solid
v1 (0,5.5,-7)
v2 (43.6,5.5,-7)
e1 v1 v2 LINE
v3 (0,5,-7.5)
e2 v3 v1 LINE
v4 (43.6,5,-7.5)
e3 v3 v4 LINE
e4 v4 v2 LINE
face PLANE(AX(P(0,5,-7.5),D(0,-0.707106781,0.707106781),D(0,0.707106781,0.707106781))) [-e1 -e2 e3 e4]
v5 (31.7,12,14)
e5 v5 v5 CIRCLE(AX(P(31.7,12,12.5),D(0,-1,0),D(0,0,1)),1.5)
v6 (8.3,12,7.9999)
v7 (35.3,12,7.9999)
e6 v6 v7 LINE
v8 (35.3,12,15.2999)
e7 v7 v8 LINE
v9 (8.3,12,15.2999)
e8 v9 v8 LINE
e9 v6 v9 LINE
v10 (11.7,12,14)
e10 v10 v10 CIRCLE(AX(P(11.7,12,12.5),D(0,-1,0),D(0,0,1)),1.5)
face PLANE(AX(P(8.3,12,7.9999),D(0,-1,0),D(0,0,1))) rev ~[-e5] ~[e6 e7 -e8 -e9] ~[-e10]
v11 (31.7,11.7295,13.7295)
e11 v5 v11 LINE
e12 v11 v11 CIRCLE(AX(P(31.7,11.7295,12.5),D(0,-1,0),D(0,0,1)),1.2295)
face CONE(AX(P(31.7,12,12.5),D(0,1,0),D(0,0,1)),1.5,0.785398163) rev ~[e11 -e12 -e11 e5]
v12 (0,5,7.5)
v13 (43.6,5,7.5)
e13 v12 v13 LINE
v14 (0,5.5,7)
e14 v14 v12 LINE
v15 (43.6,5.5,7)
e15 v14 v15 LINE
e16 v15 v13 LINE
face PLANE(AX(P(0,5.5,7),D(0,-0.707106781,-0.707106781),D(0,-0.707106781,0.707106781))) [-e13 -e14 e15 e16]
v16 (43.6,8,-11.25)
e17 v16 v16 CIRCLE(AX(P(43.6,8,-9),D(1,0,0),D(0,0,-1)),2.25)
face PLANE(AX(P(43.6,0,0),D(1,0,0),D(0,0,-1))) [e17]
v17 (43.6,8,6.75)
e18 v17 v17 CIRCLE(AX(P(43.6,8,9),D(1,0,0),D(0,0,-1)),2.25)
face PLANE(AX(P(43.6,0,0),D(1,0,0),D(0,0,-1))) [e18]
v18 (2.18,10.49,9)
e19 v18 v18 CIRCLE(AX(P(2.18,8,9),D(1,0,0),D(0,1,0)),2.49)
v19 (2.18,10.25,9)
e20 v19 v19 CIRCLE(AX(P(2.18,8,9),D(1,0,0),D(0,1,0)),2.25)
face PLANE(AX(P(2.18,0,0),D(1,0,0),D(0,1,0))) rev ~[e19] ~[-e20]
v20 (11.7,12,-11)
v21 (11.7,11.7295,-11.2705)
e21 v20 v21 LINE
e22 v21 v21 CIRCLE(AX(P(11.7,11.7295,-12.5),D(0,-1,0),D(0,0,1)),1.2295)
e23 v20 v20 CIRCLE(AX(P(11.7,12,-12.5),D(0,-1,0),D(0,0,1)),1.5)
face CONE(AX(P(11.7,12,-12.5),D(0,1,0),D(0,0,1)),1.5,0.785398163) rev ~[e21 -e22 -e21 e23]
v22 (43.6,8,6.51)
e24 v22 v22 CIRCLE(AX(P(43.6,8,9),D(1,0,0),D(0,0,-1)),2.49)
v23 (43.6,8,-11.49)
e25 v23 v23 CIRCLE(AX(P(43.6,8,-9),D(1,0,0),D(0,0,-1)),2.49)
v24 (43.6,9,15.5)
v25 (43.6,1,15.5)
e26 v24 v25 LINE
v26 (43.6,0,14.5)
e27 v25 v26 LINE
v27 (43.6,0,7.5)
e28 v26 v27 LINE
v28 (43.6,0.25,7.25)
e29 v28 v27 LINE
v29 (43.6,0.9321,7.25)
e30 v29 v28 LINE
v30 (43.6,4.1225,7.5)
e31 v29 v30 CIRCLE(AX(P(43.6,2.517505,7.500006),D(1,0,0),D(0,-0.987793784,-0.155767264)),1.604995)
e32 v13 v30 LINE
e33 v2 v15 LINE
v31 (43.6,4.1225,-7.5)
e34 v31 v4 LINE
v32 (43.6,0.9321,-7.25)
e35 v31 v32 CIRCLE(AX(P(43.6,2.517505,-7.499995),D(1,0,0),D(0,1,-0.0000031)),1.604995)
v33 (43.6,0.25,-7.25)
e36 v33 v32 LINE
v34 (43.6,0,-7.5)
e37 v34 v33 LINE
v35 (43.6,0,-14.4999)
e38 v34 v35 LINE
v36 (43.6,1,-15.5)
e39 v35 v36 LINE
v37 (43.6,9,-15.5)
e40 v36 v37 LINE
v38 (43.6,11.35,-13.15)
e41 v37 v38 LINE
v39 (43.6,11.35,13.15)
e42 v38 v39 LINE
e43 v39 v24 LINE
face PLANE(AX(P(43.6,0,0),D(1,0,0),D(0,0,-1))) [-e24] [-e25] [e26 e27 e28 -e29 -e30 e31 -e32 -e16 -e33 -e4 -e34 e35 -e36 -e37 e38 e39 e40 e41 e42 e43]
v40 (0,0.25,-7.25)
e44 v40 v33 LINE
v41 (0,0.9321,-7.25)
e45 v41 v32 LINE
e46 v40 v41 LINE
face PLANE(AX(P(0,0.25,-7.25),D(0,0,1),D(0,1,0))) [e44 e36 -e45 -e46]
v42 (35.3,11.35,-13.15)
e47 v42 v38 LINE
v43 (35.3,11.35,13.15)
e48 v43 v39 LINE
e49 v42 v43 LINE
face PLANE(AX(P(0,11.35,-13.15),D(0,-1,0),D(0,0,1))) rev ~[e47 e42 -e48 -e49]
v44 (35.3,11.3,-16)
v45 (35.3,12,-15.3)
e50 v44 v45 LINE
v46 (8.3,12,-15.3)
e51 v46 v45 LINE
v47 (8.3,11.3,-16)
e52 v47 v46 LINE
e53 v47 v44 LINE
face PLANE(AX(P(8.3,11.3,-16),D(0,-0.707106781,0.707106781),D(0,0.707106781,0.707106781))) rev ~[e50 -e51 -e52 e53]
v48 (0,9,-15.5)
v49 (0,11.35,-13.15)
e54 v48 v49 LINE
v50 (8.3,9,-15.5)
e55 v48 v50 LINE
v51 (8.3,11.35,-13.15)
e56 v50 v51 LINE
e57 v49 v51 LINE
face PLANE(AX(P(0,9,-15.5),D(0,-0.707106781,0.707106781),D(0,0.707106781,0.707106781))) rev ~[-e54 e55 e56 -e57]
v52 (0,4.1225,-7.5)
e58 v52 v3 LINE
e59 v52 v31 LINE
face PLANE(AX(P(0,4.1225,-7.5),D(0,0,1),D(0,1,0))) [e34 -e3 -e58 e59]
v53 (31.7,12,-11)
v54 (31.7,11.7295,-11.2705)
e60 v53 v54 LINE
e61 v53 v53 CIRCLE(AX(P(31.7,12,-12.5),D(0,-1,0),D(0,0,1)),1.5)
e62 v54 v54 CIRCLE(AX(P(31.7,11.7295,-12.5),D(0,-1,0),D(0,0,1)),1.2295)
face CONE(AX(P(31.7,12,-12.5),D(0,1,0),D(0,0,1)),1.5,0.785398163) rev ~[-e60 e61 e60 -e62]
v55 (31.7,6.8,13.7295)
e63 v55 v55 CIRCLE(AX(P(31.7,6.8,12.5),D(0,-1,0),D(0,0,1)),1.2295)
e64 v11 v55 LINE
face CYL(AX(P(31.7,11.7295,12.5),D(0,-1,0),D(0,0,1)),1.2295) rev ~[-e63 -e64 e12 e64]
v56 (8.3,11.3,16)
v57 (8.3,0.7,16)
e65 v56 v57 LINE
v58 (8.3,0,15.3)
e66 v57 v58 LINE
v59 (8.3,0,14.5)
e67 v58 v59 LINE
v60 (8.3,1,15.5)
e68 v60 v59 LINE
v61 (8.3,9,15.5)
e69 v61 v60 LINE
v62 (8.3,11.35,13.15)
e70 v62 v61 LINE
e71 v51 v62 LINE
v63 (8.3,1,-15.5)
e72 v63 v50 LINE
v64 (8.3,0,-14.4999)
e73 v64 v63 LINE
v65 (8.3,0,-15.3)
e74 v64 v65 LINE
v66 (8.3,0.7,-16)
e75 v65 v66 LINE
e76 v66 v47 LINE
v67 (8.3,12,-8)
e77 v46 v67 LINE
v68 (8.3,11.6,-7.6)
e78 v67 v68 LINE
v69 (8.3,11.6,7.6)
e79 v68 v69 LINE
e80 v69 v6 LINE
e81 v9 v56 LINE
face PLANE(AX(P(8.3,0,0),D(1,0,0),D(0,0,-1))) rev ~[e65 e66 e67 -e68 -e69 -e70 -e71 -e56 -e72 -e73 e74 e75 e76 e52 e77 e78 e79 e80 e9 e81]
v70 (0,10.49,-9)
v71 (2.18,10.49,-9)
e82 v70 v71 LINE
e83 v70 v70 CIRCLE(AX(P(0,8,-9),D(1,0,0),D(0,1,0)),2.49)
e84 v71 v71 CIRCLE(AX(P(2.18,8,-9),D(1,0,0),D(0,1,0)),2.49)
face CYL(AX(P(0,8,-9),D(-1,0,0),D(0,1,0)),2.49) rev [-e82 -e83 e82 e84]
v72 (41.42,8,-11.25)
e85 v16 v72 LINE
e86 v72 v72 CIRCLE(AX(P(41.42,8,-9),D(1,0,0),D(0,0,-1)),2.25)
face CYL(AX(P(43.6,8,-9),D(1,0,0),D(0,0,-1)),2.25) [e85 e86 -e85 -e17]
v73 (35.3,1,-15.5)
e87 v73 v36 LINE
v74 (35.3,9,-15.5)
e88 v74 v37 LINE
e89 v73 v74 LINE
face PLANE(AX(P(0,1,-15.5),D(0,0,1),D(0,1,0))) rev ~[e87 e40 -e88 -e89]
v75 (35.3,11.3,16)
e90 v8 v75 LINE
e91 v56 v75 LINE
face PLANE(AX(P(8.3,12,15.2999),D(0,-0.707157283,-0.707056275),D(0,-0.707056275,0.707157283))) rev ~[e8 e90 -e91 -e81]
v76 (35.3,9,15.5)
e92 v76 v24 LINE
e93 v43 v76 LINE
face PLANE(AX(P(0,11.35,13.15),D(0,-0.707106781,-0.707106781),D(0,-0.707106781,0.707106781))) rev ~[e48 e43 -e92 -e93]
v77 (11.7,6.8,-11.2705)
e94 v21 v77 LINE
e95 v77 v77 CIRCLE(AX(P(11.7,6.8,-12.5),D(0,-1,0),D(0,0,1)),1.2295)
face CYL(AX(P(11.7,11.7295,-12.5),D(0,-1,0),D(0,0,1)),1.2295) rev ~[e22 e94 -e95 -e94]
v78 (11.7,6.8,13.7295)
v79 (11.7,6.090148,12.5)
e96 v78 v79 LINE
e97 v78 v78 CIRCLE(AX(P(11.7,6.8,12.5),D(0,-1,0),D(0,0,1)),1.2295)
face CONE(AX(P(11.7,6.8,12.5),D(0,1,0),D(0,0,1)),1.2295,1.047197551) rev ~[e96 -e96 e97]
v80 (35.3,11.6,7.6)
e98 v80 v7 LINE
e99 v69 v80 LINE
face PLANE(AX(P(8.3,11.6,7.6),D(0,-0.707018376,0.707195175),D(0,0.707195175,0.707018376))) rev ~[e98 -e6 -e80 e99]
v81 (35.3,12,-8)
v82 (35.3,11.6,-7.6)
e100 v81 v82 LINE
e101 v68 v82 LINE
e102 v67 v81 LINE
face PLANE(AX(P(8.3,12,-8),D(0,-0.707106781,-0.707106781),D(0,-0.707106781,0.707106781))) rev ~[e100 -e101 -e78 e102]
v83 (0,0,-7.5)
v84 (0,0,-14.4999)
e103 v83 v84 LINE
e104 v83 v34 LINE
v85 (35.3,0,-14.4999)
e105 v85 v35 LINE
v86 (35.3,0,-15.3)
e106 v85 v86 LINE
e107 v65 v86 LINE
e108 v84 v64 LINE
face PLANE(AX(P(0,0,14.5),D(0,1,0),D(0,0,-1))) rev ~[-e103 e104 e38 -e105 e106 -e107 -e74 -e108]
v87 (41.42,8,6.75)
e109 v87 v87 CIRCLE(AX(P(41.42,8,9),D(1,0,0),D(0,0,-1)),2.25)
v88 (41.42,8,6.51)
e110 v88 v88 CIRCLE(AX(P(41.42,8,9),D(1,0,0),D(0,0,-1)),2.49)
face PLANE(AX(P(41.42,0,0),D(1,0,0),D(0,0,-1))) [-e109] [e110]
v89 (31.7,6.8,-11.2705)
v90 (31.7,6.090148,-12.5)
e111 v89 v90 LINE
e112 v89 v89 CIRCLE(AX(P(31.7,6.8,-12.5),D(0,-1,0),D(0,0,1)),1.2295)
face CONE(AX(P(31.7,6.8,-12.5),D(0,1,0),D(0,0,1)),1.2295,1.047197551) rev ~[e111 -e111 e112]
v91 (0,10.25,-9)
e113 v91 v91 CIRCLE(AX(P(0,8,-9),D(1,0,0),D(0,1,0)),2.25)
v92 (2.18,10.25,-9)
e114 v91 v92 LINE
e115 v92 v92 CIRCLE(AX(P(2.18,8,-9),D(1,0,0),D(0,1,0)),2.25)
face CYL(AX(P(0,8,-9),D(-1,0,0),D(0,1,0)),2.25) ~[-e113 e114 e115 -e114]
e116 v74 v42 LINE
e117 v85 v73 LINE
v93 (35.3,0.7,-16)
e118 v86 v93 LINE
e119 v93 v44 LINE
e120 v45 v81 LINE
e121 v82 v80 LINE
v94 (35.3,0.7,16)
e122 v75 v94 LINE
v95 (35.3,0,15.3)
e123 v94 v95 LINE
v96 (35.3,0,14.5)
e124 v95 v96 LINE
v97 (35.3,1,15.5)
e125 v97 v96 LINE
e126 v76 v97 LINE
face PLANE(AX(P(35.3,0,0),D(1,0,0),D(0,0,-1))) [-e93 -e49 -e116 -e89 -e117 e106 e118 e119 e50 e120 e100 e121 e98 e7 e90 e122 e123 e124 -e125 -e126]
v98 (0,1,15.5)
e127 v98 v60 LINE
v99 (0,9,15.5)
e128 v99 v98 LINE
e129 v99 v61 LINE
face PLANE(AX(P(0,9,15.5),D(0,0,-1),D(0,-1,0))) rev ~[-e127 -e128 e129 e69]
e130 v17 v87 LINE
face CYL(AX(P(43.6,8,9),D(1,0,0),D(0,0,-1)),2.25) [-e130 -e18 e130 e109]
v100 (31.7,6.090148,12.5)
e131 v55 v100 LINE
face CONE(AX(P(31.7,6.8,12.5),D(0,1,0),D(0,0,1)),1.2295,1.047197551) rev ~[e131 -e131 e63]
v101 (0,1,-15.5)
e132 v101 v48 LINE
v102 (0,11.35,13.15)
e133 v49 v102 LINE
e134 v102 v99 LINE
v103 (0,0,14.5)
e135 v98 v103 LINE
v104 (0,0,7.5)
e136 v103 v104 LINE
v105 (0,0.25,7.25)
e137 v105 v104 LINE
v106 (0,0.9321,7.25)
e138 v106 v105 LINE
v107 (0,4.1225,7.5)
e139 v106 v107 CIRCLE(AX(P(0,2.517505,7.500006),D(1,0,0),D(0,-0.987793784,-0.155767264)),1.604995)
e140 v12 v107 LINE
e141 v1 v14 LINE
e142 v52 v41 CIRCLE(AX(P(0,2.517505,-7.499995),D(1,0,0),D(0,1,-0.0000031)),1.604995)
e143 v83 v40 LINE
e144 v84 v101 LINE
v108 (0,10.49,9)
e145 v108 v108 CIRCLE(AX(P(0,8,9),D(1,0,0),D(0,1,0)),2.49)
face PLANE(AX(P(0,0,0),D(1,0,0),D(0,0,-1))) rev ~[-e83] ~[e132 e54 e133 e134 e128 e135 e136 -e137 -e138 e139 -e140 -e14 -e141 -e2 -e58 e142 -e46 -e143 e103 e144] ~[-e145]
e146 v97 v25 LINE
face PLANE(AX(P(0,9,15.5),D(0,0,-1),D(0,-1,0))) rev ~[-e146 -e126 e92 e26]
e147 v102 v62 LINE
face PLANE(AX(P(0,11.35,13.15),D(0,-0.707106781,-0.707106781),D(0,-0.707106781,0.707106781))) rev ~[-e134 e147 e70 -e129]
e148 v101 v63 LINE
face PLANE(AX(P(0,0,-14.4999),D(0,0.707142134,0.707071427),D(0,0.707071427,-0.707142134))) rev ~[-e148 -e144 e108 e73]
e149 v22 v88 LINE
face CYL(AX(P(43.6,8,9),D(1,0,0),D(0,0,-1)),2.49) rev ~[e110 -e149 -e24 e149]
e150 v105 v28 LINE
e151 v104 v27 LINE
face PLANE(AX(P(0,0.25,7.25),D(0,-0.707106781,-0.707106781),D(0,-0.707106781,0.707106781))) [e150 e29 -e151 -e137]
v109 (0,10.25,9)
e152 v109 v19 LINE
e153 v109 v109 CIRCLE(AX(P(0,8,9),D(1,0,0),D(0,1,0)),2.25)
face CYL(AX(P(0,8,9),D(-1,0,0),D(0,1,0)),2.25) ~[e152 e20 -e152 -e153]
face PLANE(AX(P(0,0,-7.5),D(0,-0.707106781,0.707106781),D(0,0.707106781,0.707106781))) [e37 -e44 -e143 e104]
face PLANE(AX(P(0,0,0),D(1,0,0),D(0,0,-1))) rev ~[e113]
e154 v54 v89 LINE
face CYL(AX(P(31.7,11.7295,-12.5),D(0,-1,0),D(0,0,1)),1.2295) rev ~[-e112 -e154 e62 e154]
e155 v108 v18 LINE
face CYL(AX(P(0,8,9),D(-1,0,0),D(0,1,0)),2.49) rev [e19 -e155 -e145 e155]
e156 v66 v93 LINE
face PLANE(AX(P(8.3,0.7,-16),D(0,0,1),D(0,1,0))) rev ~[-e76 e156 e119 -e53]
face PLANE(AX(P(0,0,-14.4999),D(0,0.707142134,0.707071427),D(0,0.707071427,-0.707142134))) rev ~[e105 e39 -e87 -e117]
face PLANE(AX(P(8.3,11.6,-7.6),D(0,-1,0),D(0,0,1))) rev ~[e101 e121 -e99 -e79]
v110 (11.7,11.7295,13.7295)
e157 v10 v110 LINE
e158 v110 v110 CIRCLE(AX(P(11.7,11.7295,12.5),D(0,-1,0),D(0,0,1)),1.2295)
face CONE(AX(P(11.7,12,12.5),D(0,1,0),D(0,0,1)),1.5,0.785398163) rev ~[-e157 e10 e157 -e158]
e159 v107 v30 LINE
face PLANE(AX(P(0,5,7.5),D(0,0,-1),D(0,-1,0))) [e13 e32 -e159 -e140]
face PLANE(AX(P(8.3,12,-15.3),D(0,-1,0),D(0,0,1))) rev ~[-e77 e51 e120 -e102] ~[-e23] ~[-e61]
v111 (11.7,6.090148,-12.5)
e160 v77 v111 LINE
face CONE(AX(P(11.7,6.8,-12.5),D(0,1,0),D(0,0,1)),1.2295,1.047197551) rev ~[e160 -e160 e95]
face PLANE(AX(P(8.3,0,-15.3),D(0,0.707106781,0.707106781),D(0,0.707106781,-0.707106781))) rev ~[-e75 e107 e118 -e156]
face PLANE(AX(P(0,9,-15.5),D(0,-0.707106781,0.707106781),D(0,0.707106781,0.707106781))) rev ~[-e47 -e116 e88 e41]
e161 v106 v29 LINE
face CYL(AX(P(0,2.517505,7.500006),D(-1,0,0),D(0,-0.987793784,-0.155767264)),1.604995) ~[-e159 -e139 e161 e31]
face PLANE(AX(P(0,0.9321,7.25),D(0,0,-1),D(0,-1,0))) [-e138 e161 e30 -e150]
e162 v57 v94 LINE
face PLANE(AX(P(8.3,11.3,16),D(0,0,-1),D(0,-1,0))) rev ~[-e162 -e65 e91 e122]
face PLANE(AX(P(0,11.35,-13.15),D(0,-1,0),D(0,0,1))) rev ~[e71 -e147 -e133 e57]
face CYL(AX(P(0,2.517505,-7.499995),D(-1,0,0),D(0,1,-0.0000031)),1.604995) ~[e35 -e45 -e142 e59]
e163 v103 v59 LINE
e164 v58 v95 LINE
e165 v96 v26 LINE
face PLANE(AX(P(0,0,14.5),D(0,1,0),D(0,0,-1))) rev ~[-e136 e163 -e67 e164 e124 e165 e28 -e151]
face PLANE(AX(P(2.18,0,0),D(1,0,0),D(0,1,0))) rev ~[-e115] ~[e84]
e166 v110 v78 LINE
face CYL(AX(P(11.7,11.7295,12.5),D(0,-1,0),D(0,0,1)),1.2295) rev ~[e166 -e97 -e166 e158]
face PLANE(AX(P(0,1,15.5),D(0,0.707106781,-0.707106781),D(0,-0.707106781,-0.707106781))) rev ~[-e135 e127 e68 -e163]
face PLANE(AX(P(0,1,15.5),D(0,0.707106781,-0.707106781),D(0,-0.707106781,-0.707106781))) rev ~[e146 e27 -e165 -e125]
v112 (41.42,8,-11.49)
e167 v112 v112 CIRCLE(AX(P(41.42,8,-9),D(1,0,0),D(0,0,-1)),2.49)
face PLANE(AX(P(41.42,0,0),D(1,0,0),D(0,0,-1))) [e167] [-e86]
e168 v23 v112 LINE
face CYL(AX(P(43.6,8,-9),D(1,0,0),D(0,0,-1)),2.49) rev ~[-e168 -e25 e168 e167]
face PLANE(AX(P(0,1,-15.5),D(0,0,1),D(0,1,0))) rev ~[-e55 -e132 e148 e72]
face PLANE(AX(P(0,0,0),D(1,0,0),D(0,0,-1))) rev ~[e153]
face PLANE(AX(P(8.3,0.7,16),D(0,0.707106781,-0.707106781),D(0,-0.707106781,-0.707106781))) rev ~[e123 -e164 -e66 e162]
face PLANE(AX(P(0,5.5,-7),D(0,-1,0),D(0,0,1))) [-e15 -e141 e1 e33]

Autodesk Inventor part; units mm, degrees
sketch "Sketch_31" plane through (0, 0, 0) normal (1, 0, 0) x (0, 0, -1)
  line L0 (-15.5, 9) -> (-15.5, 1)
  line L1 (-15.5, 1) -> (-14.5, 0)
  line L2 (-14.5, 0) -> (14.4999, 0)
  line L3 (14.4999, 0) -> (15.5, 1)
  line L4 (15.5, 1) -> (15.5, 9)
  line L5 (15.5, 9) -> (13.15, 11.35)
  line L6 (13.15, 11.35) -> (-13.15, 11.35)
  line L7 (-13.15, 11.35) -> (-15.5, 9)
extrude "Extrusion1" add sketch "Sketch_31" along normal blind 43.6
sketch "Sketch_32" plane through (8.3, 0, 0) normal (1, 0, 0) x (0, 0, -1)
  line L0 (-16, 0.7) -> (-15.3, 0)
  line L1 (-15.3, 0) -> (15.3, 0)
  line L2 (15.3, 0) -> (16, 0.7)
  line L3 (16, 0.7) -> (16, 11.3)
  line L4 (16, 11.3) -> (15.3, 12)
  line L5 (15.3, 12) -> (8, 12)
  line L6 (8, 12) -> (7.6, 11.6)
  line L7 (7.6, 11.6) -> (-7.6, 11.6)
  line L8 (-7.6, 11.6) -> (-7.9999, 12)
  line L9 (-7.9999, 12) -> (-15.2999, 12)
  line L10 (-15.2999, 12) -> (-16, 11.3)
  line L11 (-16, 11.3) -> (-16, 0.7)
extrude "Extrusion2" add sketch "Sketch_32" along normal blind 27
sketch "Sketch_33" plane through (0, 0, 0) normal (1, 0, 0) x (0, 0, -1)
  line L0 (-7.5, 5) -> (-7.5, 4.1225)
  arc A0 (-7.25, 0.9321) -> (-7.5, 4.1225) centre (-7.5, 2.5175) ccw
  line L1 (-7.25, 0.9321) -> (-7.25, 0.25)
  line L2 (-7.25, 0.25) -> (-7.5, 0)
  line L3 (-7.5, 0) -> (-7.5, -3.5)
  line L4 (-7.5, -3.5) -> (-7, -4)
  line L5 (-7, -4) -> (6.9999, -4)
  line L6 (6.9999, -4) -> (7.5, -3.5)
  line L7 (7.5, -3.5) -> (7.5, 0)
  line L8 (7.5, 0) -> (7.25, 0.25)
  line L9 (7.25, 0.25) -> (7.25, 0.9321)
  arc A1 (7.5, 4.1225) -> (7.25, 0.9321) centre (7.5, 2.5175) ccw
  line L10 (7.5, 4.1225) -> (7.5, 5)
  line L11 (7.5, 5) -> (7, 5.5)
  line L12 (7, 5.5) -> (-7, 5.5)
  line L13 (-7, 5.5) -> (-7.5, 5)
extrude "Extrusion3" cut sketch "Sketch_33" along normal blind 43.6
sketch "Sketch4" plane through (8.3, 12, 15.2999) normal (0, 1, 0) x (1, 0, 0)
  point P0 (3.4, 2.7999)
hole "Hole1" at (11.7, 12, 12.5) direction (0, -1, 0) diameter 2.459 depth 5.2 tip angle 120 countersink diameter 3 countersink angle 90 thread size "M3x0.5" class "6H" standard "ISO Metric profile"
pattern_linear "Rectangular Pattern1" count 2 spacing 20 along (1, 0, 0) count 2 spacing 25 along (0, 0, -1) of "Hole1"
sketch "Sketch_56" plane through (0, 0, 0) normal (1, 0, 0) x (0, 1, 0)
  circle A0 centre (8, 9) radius 2.49
  circle A1 centre (8, 9) radius 2.25
extrude "Extrusion4" cut sketch "Sketch_56" along normal blind 2.18
sketch "Sketch_61" plane through (0, 0, 0) normal (1, 0, 0) x (0, 1, 0)
  circle A0 centre (8, -9) radius 2.49
  circle A1 centre (8, -9) radius 2.25
extrude "Extrusion5" cut sketch "Sketch_61" along normal blind 2.18
sketch "Sketch_60" plane through (43.6, 0, 0) normal (1, 0, 0) x (0, 0, -1)
  circle A0 centre (-9, 8) radius 2.49
  circle A1 centre (-9, 8) radius 2.25
extrude "Extrusion6" cut sketch "Sketch_60" against normal blind 2.18
sketch "Sketch_63" plane through (43.6, 0, 0) normal (1, 0, 0) x (0, 0, -1)
  circle A0 centre (9, 8) radius 2.49
  circle A1 centre (9, 8) radius 2.25
extrude "Extrusion7" cut sketch "Sketch_63" against normal blind 2.18
ref_plane "slider_XY" through (0, 0, 0) normal (1, 0, 0) x (0, 0, -1)
ref_plane "slider_YZ" through (0, 0, 0) normal (0, 0, -1) x (0, 1, 0)
ref_plane "slider_ZX" through (0, 0, 0) normal (0, 1, 0) x (1, 0, 0)
properties part number "LU15ALW/O_slider_1"
